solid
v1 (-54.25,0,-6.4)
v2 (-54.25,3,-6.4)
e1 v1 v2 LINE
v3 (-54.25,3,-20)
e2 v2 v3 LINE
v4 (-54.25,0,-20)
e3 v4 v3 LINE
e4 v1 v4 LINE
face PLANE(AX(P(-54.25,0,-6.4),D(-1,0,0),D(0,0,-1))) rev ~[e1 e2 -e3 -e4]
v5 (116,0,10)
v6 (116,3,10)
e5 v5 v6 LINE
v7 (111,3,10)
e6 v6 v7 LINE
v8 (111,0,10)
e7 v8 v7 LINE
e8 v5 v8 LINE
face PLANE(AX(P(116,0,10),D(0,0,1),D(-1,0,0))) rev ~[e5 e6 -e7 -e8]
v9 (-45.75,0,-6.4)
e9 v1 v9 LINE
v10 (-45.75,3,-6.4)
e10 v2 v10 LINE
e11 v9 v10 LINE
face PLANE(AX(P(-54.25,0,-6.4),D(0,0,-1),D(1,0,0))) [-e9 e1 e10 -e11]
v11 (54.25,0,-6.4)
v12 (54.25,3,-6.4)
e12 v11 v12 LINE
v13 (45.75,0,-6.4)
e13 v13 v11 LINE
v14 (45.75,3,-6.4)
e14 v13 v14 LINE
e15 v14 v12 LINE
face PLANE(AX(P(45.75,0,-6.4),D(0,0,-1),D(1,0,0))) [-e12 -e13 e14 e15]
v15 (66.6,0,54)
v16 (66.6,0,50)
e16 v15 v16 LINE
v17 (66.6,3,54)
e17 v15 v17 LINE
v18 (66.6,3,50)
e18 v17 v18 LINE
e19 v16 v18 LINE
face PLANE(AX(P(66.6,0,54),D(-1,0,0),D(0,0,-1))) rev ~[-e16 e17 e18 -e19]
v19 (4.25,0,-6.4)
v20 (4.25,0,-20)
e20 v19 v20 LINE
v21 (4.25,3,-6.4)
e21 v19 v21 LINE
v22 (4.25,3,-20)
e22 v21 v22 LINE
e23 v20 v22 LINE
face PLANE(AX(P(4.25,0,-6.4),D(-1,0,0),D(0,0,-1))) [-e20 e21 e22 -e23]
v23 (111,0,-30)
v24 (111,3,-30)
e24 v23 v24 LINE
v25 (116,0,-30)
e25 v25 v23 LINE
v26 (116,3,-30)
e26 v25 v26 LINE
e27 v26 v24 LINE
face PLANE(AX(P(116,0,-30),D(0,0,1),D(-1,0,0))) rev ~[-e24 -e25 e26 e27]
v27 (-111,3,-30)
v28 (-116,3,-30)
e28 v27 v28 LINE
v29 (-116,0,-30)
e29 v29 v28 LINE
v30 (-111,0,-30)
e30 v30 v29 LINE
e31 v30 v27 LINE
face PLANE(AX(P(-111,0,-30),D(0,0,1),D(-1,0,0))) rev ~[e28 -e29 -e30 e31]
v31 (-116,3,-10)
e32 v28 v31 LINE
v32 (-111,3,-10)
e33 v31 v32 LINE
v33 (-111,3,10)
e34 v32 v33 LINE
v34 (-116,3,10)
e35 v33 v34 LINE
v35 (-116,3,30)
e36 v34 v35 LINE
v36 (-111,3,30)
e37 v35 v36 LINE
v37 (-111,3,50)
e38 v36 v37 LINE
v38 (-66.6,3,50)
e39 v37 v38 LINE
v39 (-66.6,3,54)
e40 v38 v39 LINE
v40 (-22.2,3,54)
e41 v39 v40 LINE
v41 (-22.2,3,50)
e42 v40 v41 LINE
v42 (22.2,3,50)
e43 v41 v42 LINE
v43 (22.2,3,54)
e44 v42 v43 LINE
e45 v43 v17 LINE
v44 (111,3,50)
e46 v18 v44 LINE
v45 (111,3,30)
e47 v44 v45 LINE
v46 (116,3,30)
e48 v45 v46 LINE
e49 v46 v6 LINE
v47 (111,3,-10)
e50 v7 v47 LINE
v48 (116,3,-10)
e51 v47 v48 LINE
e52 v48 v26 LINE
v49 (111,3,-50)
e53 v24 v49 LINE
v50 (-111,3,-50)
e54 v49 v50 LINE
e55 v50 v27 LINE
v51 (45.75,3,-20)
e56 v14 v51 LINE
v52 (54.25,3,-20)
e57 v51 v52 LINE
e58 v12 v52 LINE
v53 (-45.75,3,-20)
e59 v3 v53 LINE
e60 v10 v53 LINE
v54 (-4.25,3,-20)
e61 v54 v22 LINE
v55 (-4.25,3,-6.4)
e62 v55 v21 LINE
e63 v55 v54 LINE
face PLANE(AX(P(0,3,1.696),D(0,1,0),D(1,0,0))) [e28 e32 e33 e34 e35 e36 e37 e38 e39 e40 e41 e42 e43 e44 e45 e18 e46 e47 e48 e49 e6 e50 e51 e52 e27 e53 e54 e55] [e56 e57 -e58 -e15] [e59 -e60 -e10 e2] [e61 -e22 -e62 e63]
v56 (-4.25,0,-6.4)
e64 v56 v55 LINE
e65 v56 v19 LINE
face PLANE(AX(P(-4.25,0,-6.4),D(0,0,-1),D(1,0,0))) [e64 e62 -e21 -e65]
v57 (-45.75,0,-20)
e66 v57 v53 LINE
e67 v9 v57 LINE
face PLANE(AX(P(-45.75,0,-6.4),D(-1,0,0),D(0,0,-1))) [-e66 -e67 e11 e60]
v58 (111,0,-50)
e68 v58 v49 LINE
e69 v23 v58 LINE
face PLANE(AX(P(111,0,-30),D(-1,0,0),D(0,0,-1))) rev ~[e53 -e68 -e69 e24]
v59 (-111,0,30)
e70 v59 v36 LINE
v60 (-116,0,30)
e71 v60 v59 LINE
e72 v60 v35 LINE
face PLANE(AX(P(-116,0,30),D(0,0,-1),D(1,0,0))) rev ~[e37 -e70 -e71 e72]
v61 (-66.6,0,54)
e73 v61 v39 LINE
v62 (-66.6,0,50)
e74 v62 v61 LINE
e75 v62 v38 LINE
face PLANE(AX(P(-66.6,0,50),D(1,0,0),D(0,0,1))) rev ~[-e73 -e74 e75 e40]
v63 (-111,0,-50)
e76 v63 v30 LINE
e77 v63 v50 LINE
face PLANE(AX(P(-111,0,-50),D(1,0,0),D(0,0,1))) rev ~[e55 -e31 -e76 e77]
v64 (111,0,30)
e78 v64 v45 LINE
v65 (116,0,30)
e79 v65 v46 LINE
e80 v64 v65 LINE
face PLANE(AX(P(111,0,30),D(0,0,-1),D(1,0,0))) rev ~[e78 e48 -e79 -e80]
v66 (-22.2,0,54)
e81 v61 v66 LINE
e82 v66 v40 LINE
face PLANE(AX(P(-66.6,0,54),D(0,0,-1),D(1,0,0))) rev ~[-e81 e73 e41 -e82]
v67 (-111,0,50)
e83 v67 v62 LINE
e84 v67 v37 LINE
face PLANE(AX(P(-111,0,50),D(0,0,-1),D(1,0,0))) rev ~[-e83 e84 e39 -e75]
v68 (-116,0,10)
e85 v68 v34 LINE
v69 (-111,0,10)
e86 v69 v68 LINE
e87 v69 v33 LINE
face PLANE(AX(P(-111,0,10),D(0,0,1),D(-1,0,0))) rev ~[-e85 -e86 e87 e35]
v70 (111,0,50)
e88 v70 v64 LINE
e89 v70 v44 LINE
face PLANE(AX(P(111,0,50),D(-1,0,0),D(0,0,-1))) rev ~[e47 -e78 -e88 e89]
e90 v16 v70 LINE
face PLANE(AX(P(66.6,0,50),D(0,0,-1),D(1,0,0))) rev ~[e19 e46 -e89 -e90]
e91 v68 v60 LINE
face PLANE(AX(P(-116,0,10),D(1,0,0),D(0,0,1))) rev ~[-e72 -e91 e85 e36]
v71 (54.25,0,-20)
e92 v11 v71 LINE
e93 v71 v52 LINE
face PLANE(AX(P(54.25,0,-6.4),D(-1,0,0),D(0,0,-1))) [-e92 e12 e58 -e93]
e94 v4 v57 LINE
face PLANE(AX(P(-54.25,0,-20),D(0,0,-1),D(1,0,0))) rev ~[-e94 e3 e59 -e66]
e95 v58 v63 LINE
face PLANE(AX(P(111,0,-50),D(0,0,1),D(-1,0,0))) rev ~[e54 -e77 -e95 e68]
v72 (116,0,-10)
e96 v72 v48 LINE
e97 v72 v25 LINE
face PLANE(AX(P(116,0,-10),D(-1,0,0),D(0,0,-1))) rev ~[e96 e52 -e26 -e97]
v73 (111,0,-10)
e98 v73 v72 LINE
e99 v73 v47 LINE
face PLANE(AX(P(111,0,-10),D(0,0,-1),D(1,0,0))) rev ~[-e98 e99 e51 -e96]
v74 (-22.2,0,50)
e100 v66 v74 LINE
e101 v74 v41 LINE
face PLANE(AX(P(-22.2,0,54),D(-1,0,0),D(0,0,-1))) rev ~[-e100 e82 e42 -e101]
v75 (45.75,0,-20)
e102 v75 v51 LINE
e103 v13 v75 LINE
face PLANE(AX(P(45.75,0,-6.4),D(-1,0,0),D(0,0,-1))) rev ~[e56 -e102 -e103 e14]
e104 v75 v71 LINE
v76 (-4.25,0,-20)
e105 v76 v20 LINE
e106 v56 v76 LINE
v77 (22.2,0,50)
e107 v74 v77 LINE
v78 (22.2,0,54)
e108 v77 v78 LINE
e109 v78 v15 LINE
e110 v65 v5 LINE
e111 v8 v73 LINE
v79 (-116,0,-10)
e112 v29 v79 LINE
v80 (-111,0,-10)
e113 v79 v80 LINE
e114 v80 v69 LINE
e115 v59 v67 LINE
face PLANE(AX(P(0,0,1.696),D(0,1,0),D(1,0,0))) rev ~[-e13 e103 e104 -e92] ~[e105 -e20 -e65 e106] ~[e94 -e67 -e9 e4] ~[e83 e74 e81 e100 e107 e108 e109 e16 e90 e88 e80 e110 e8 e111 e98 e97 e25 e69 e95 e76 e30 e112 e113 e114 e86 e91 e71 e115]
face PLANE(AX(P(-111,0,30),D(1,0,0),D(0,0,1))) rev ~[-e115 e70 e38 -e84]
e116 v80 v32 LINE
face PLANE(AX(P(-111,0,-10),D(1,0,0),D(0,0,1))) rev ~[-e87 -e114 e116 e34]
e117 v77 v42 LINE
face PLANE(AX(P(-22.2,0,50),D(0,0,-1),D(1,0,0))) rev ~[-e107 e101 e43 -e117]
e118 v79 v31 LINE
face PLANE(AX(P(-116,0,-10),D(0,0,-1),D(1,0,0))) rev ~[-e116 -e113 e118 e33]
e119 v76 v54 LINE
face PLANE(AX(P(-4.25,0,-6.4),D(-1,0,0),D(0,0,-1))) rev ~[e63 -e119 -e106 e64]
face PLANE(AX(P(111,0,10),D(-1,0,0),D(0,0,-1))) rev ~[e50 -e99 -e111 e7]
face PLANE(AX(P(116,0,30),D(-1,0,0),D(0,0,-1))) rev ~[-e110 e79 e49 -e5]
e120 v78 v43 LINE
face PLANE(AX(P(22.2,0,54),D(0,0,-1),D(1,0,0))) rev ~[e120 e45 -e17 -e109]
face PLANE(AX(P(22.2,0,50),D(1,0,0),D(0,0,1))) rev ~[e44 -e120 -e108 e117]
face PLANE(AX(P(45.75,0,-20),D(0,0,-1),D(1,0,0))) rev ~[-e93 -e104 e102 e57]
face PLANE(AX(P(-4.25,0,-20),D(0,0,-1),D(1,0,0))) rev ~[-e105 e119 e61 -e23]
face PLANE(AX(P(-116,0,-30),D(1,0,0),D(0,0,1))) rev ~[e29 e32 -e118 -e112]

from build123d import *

# Parameters (mm, degrees)
SKETCH1_W           = 8.5
SKETCH1_H           = 13.6
BOSS_EXTRUDE1_DEPTH = 3


with BuildPart() as part:
    # Sketch1 → Boss-Extrude1 (new body)
    with BuildSketch(Plane(origin=(0, 0, 0), x_dir=(1, 0, 0), z_dir=(0, 1, 0))):
        Polygon((-111, 30), (-116, 30), (-116, 10), (-111, 10), (-111, -10), (-116, -10), (-116, -30), (-111, -30), (-111, -50), (-66.6, -50), (-66.6, -54), (-22.2, -54), (-22.2, -50), (22.2, -50), (22.2, -54), (66.6, -54), (66.6, -50), (111, -50), (111, -30), (116, -30), (116, -10), (111, -10), (111, 10), (116, 10), (116, 30), (111, 30), (111, 50), (-111, 50), align=None)
        with Locations((0, 13.2)):
            Rectangle(SKETCH1_W, SKETCH1_H, mode=Mode.SUBTRACT)
        with Locations((-50, 13.2)):
            Rectangle(SKETCH1_W, SKETCH1_H, mode=Mode.SUBTRACT)
        with Locations((50, 13.2)):
            Rectangle(SKETCH1_W, SKETCH1_H, mode=Mode.SUBTRACT)
    extrude(amount=BOSS_EXTRUDE1_DEPTH)


solid = part.part
